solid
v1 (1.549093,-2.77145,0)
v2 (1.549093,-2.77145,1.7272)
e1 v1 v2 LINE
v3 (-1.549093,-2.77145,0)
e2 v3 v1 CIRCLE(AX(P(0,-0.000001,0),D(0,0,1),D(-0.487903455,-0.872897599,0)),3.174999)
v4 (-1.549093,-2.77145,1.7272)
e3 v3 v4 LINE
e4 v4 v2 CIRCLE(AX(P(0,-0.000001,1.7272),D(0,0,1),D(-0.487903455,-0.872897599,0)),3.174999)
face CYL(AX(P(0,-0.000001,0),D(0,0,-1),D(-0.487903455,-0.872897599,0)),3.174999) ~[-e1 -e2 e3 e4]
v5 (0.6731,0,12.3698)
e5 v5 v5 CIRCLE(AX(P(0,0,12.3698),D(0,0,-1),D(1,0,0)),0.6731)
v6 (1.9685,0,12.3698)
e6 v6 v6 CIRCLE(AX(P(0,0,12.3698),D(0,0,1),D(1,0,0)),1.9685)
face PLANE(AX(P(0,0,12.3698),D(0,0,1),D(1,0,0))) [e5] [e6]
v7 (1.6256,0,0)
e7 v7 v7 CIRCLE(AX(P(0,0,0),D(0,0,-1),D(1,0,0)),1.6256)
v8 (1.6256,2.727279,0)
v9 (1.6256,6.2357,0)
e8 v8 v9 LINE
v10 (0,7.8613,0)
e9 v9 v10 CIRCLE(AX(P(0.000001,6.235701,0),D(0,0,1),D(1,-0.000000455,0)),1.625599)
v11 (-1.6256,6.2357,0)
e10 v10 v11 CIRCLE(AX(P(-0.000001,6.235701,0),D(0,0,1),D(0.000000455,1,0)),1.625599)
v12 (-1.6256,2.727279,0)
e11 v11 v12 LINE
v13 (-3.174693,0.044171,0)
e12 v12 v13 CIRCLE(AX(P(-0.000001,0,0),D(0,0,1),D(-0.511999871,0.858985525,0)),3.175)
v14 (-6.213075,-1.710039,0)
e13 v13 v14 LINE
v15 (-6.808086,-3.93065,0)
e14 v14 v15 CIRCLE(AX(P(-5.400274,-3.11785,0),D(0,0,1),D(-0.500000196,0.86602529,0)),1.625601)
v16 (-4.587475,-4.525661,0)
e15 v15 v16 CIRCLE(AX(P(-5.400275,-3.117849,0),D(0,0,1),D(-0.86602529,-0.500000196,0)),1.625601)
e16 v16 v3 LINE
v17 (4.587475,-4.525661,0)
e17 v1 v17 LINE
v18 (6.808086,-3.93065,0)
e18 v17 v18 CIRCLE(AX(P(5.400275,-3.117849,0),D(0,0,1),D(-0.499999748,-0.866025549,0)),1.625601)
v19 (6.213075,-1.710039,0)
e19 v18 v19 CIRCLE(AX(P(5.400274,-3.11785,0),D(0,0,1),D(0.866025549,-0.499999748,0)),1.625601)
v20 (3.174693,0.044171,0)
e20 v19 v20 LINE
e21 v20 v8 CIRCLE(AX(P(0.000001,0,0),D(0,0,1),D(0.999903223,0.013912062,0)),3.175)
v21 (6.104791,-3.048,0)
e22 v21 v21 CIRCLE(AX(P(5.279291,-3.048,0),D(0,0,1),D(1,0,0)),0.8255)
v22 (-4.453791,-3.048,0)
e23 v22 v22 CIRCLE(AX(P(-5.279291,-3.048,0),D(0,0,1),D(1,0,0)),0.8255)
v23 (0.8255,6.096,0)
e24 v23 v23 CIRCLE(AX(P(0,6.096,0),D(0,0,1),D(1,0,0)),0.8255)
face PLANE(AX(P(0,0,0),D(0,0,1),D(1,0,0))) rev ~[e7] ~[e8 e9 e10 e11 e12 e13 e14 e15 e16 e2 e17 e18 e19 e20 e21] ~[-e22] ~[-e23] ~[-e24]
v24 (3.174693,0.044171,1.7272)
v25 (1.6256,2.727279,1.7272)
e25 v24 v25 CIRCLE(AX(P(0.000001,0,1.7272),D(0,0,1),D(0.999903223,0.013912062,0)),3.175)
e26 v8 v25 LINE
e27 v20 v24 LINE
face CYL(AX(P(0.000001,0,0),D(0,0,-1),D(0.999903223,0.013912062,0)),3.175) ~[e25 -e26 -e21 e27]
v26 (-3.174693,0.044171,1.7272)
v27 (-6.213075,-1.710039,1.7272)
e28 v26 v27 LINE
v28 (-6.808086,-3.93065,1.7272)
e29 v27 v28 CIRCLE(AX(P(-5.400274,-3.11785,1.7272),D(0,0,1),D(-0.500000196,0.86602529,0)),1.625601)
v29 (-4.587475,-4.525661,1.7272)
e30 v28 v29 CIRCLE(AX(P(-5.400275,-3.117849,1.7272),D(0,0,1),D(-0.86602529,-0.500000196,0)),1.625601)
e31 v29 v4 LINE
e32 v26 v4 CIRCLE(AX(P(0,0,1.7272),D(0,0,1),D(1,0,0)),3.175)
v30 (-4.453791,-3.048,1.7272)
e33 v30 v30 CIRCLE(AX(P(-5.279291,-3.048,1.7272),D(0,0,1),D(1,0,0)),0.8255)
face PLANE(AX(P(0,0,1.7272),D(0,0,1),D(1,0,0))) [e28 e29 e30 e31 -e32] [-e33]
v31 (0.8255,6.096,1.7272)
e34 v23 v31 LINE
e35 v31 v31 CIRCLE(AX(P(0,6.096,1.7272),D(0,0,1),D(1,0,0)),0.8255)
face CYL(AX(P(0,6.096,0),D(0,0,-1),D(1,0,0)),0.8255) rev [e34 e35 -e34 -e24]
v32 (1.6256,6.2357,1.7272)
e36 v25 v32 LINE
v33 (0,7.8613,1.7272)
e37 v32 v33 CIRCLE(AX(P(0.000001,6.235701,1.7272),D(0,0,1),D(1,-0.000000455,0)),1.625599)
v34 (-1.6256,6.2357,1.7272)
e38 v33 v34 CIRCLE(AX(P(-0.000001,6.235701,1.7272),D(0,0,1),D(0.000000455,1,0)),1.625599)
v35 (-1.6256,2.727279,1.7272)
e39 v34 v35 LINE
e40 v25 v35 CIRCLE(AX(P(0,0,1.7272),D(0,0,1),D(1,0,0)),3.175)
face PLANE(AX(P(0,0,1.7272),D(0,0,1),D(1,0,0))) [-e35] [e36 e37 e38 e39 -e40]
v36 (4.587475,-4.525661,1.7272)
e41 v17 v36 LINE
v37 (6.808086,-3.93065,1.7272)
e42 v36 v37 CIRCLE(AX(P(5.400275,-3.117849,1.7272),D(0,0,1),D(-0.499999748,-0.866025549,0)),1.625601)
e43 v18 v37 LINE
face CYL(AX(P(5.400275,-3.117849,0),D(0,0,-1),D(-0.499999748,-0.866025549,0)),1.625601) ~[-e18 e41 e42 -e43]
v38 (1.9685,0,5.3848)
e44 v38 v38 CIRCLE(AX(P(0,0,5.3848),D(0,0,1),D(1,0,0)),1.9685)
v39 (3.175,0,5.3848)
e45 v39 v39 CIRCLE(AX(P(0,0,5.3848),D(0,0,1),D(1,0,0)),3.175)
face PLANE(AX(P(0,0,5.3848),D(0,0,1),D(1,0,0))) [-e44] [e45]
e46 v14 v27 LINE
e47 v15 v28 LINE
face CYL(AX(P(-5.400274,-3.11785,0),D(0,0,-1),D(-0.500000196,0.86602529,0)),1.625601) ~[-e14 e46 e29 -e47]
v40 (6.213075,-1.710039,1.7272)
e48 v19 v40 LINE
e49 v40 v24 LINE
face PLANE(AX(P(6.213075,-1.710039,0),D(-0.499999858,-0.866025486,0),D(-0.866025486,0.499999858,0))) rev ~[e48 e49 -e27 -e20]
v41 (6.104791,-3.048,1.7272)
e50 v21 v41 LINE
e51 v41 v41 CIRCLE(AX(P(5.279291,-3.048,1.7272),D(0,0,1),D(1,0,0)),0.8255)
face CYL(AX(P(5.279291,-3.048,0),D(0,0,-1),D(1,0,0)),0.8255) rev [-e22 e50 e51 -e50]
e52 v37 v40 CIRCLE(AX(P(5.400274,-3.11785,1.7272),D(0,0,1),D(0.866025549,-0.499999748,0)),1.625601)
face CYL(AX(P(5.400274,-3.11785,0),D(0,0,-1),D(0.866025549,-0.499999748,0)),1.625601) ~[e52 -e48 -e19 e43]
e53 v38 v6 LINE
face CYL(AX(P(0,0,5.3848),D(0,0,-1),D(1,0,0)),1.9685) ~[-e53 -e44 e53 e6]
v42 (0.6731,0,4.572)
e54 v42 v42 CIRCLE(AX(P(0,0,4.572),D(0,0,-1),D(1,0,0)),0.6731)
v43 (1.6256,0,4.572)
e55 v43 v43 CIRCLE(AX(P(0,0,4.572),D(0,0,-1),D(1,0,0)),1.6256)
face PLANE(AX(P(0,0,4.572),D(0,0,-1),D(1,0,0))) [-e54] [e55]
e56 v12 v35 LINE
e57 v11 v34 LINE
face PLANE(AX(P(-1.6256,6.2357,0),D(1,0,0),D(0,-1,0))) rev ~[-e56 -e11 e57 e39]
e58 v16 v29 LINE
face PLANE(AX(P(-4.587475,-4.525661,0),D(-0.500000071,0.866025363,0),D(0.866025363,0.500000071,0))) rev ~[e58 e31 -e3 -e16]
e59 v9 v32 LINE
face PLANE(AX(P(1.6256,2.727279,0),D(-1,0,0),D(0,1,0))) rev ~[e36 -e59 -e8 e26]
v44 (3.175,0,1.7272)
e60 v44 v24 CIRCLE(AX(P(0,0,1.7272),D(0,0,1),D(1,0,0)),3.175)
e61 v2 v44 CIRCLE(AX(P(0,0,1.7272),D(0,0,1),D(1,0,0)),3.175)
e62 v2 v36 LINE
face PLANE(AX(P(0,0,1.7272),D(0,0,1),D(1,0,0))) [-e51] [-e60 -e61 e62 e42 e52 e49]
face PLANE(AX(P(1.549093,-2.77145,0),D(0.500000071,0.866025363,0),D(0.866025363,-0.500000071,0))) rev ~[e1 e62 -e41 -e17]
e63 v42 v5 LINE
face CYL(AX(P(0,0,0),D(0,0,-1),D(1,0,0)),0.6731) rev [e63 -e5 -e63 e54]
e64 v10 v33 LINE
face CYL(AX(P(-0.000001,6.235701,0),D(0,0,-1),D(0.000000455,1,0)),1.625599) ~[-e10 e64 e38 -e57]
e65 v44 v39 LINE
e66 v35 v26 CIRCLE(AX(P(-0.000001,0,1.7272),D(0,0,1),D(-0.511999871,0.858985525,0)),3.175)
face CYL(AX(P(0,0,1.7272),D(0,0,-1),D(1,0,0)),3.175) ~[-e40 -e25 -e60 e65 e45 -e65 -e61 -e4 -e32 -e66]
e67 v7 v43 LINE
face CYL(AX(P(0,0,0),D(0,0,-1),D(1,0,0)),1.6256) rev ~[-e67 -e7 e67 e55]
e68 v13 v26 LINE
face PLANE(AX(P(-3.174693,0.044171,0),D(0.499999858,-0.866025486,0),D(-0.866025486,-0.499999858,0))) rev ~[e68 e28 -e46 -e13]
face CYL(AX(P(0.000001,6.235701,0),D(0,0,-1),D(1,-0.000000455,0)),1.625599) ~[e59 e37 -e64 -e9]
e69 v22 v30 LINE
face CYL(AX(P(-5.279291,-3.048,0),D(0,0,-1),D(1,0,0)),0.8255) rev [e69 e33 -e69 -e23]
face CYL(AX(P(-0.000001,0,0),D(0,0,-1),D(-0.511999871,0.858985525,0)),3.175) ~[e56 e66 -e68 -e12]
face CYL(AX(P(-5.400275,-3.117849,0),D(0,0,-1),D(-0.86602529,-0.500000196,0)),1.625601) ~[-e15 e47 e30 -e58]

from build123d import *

# Parameters (mm, degrees)
F0_R     = 0.8255
F1_DEPTH = 1.7272
F2_R     = 3.175
F3_DEPTH = 3.6576
F4_R     = 1.9685
F5_DEPTH = 6.985
F6_R     = 0.6731
F7_DEPTH = 12.3708
F8_R     = 1.6256
F9_DEPTH = 4.572


with BuildPart() as f1:
    # F0 (on Top) → F1 (new body)
    with BuildSketch(Plane.XY):
        with BuildLine():
            ThreePointArc((-1.549093, -2.77145), (0, -3.175), (1.549093, -2.77145))
            Line((1.549093, -2.77145), (4.587475, -4.525661))
            ThreePointArc((4.587475, -4.525661), (5.821011, -4.688059), (6.808086, -3.93065))
            ThreePointArc((6.808086, -3.93065), (6.970484, -2.697114), (6.213075, -1.710039))
            Line((6.213075, -1.710039), (3.174693, 0.044171))
            ThreePointArc((3.174693, 0.044171), (2.749631, 1.5875), (1.6256, 2.727279))
            Line((1.6256, 2.727279), (1.6256, 6.2357))
            ThreePointArc((1.6256, 6.2357), (1.149473, 7.385173), (0, 7.8613))
            ThreePointArc((0, 7.8613), (-1.149473, 7.385173), (-1.6256, 6.2357))
            Line((-1.6256, 6.2357), (-1.6256, 2.727279))
            ThreePointArc((-1.6256, 2.727279), (-2.749631, 1.5875), (-3.174693, 0.044171))
            Line((-3.174693, 0.044171), (-6.213075, -1.710039))
            ThreePointArc((-6.213075, -1.710039), (-6.970484, -2.697114), (-6.808086, -3.93065))
            ThreePointArc((-6.808086, -3.93065), (-5.821011, -4.688059), (-4.587475, -4.525661))
            Line((-4.587475, -4.525661), (-1.549093, -2.77145))
        make_face()
        with Locations((-5.279291, -3.048)):
            Circle(F0_R, mode=Mode.SUBTRACT)
        with Locations((5.279291, -3.048)):
            Circle(F0_R, mode=Mode.SUBTRACT)
        with Locations((0, 6.096)):
            Circle(F0_R, mode=Mode.SUBTRACT)
    extrude(amount=F1_DEPTH)

    # F2 (on face) → F3 (join)
    with BuildSketch(Plane.XY.offset(1.7272)):
        Circle(F2_R)
    extrude(amount=F3_DEPTH)

    # F4 (on face) → F5 (join)
    with BuildSketch(Plane.XY.offset(5.3848)):
        Circle(F4_R)
    extrude(amount=F5_DEPTH)

    # F6 (on Top) → F7 (cut, through all)
    with BuildSketch(Plane.XY):
        Circle(F6_R)
    extrude(amount=F7_DEPTH, mode=Mode.SUBTRACT)

    # F8 (on face) → F9 (cut)
    with BuildSketch(Plane(origin=(0, 0, 0), x_dir=(1, 0, 0), z_dir=(0, 0, -1))):
        Circle(F8_R)
    extrude(amount=-F9_DEPTH, mode=Mode.SUBTRACT)


solid = f1.part
